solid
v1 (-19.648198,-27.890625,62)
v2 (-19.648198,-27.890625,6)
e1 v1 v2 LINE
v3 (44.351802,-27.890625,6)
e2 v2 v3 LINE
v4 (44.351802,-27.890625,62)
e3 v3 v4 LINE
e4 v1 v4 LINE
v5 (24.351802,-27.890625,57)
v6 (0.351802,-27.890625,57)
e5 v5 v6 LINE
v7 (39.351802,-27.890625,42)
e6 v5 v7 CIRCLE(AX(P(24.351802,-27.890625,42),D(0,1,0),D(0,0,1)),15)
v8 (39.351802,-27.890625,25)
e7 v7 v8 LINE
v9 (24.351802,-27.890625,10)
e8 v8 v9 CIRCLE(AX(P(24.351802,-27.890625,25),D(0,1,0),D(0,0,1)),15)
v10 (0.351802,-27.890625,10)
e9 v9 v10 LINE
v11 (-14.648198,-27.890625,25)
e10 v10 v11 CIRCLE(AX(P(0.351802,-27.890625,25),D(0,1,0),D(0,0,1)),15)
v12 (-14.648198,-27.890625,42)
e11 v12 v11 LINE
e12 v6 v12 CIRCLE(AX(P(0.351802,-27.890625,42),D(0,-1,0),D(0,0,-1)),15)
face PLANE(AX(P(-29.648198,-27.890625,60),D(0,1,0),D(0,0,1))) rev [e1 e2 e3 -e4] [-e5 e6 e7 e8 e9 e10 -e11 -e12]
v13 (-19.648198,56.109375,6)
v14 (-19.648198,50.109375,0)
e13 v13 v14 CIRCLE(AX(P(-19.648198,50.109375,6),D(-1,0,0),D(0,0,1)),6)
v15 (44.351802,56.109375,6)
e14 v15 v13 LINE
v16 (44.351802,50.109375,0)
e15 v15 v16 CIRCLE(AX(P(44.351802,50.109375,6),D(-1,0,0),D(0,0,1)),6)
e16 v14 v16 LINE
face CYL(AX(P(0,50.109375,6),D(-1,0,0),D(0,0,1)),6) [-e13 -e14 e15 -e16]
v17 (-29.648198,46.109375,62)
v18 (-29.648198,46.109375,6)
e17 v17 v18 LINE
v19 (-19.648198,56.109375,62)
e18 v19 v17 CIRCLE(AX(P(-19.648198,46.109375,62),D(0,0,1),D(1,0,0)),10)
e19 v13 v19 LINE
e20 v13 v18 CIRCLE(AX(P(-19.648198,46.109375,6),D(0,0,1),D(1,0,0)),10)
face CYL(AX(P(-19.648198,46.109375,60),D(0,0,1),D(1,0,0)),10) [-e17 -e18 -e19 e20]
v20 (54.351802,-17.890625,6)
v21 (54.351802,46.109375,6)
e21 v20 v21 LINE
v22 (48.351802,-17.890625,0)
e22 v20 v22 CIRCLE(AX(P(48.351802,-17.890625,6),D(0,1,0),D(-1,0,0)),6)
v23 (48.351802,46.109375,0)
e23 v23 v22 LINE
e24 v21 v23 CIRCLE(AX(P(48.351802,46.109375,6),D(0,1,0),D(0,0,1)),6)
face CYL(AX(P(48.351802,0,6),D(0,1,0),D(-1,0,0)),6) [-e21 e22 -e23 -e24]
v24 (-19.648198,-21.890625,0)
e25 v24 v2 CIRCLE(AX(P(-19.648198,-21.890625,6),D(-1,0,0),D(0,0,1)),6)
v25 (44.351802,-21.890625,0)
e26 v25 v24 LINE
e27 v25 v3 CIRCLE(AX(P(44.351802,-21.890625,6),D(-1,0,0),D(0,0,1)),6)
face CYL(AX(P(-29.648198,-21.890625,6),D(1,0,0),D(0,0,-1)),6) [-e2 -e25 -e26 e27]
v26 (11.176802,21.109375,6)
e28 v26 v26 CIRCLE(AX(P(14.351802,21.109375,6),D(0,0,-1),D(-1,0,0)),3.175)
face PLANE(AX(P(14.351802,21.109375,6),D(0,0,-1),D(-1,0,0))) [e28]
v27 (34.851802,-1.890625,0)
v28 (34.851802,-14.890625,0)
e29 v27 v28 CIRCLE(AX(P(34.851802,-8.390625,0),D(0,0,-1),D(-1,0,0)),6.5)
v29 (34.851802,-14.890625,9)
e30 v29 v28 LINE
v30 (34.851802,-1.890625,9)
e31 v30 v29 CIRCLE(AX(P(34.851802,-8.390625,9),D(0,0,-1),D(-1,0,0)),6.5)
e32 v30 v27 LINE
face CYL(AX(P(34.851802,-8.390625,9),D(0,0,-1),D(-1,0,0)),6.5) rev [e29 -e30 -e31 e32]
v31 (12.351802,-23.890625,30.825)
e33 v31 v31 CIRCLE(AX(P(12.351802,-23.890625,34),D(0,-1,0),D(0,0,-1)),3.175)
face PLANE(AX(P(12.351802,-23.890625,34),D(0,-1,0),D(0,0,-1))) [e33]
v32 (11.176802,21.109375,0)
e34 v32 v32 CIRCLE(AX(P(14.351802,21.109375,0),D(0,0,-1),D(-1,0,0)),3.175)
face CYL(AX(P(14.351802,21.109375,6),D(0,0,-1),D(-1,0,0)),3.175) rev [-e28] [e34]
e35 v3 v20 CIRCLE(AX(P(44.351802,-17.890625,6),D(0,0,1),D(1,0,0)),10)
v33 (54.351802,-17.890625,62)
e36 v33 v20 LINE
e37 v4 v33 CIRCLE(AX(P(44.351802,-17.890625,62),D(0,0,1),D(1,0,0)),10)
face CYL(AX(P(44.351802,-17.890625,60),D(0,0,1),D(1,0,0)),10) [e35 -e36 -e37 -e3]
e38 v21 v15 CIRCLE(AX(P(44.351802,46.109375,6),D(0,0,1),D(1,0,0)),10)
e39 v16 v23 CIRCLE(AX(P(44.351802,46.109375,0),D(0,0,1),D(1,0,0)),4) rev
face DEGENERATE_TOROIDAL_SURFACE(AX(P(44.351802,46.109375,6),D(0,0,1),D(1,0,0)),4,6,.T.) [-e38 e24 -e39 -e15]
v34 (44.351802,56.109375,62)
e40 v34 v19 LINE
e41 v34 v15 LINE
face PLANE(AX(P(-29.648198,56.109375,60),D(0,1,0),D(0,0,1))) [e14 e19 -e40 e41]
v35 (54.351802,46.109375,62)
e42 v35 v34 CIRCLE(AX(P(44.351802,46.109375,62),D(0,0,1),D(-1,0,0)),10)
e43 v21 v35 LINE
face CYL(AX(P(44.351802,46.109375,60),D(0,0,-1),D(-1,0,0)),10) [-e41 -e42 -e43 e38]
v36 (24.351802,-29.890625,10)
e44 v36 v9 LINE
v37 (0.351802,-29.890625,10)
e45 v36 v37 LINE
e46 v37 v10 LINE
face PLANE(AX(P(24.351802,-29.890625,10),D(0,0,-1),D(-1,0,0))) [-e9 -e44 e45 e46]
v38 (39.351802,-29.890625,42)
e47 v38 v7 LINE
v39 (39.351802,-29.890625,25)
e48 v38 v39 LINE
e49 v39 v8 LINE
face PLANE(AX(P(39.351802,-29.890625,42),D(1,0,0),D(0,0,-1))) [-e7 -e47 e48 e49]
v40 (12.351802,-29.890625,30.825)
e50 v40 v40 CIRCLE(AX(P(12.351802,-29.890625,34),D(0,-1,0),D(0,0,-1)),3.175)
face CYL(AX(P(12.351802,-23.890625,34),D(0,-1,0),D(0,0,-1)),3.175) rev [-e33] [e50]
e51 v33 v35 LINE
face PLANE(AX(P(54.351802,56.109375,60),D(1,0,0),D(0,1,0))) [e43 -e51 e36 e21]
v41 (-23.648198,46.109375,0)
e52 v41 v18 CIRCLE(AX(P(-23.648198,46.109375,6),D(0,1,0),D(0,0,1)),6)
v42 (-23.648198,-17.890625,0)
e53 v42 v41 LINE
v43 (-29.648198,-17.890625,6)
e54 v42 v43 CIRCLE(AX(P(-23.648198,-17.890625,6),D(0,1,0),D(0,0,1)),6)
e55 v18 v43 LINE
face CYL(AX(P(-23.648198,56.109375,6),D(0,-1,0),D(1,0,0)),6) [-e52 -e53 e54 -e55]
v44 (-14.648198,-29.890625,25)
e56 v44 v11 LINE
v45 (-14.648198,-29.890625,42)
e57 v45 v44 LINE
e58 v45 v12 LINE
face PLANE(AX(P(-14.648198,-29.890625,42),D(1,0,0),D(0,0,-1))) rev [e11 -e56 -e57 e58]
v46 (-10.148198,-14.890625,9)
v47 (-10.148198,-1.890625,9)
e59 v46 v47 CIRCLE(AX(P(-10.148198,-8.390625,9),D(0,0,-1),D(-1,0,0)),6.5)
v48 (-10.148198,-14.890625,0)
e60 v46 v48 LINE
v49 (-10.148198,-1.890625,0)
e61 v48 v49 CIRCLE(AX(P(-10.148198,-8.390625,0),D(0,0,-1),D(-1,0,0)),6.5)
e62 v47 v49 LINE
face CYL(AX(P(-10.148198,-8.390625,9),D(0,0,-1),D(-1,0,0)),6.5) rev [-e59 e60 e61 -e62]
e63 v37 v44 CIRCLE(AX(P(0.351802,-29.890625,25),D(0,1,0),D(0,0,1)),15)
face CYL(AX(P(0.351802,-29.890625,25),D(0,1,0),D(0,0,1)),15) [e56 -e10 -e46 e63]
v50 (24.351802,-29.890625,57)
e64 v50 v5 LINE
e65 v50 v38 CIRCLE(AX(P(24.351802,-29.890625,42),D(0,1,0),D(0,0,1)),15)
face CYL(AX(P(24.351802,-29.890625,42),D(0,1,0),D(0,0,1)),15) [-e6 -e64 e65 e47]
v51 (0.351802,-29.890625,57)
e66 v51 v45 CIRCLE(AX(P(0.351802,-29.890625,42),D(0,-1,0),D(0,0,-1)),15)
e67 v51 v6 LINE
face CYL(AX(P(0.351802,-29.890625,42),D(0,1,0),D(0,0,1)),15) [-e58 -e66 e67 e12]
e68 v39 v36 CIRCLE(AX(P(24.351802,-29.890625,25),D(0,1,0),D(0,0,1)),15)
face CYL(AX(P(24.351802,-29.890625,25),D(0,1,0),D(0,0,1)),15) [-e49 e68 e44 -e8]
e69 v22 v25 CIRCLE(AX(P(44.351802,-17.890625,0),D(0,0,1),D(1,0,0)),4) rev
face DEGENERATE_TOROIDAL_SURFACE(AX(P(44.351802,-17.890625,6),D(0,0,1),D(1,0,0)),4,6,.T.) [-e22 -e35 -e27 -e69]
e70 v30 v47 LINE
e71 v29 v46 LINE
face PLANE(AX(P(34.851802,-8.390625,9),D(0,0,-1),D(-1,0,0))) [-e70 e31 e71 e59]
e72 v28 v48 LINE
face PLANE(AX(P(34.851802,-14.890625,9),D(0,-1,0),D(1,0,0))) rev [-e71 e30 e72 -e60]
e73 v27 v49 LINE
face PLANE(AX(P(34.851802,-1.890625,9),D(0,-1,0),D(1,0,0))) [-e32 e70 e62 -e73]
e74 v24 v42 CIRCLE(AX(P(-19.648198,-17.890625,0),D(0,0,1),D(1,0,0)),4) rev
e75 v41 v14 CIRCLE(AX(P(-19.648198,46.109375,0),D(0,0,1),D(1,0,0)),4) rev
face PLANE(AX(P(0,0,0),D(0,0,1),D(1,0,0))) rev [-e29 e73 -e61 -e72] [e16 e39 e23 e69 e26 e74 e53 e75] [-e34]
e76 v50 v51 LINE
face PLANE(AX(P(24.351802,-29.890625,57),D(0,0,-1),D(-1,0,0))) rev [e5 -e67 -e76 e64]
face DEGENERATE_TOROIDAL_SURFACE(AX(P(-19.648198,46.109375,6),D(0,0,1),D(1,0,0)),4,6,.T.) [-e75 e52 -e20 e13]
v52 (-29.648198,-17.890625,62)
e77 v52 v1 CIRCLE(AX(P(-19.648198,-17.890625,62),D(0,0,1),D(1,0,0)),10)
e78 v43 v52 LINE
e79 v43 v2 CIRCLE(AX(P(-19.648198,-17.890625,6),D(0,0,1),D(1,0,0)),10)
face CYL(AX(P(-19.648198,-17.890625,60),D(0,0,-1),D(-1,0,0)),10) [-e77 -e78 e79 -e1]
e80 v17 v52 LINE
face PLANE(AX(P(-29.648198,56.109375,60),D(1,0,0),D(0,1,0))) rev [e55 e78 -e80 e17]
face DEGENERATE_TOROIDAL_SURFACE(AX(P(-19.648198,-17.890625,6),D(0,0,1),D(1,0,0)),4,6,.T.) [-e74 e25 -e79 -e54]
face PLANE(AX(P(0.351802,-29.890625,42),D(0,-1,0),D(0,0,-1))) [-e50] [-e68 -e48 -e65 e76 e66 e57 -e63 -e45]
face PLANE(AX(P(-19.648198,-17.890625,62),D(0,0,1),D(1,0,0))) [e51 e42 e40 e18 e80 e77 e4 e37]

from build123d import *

# Parameters (mm, degrees)
ESQUISSE1_W             = 84
ESQUISSE1_H             = 84
BOSS_EXTRU_1_DEPTH      = 60
CONG_1_R                = 10
CONG_2_R                = 6
BOSS_EXTRU_2_DEPTH      = 2
ESQUISSE5_R             = 3.175
ENL_V_MAT_EXTRU_1_DEPTH = 6
ENL_V_MAT_EXTRU_2_DEPTH = 9
ESQUISSE7_R             = 3.175
ENL_V_MAT_EXTRU_3_DEPTH = 6
BOSS_EXTRU_3_START      = 2
BOSS_EXTRU_3_DEPTH      = 2


with BuildPart() as part:
    # Esquisse1 → Boss.-Extru.1 (new body)
    with BuildSketch(Plane.XY):
        with Locations((12.35180193, 14.109375)):
            Rectangle(ESQUISSE1_W, ESQUISSE1_H)
    extrude(amount=BOSS_EXTRU_1_DEPTH)

    # Congé1
    cong_1_edges = [part.edges().sort_by_distance(p)[0] for p in [
        (-29.64819807, 56.109375, 30),
        (54.35180193, 56.109375, 30),
        (54.35180193, -27.890625, 30),
        (-29.64819807, -27.890625, 30),
    ]]
    fillet(cong_1_edges, radius=CONG_1_R)

    # Congé2
    cong_2_edges = [part.edges().sort_by_distance(p)[0] for p in [
        (12.35180193, -27.890625, 0),
        (-29.64819807, 14.109375, 0),
        (12.35180193, 56.109375, 0),
        (54.35180193, 14.109375, 0),
        (51.422869741, 53.180442812, 0),
        (-26.719265882, 53.180442812, 0),
        (51.422869741, -24.961692812, 0),
        (-26.719265882, -24.961692812, 0),
    ]]
    fillet(cong_2_edges, radius=CONG_2_R)

    # Esquisse2 → Boss.-Extru.2 (add)
    with BuildSketch(Plane.XZ.offset(27.890625)):
        with BuildLine():
            Line((24.35180193, 57), (0.35180193, 57))
            ThreePointArc((0.35180193, 57), (-10.254799788, 52.606601718), (-14.64819807, 42))
            Line((-14.64819807, 42), (-14.64819807, 25))
            ThreePointArc((-14.64819807, 25), (-10.254799788, 14.393398282), (0.35180193, 10))
            Line((0.35180193, 10), (24.35180193, 10))
            ThreePointArc((24.35180193, 10), (34.958403647, 14.393398282), (39.35180193, 25))
            Line((39.35180193, 25), (39.35180193, 42))
            ThreePointArc((39.35180193, 42), (34.958403647, 52.606601718), (24.35180193, 57))
        make_face()
    extrude(amount=BOSS_EXTRU_2_DEPTH)

    # Esquisse5 → Enlèv. mat.-Extru.1 (cut)
    with BuildSketch(Plane.XZ.offset(29.890625)):
        with Locations(Location((12.35180193, 34, 0), (0, 0, 270))):
            Circle(ESQUISSE5_R)
    extrude(amount=-ENL_V_MAT_EXTRU_1_DEPTH, mode=Mode.SUBTRACT)

    # Esquisse6 → Enlèv. mat.-Extru.2 (cut)
    with BuildSketch(Plane(origin=(0, 0, 0), x_dir=(-1, 0, 0), z_dir=(0, 0, -1))):
        with BuildLine():
            Line((-34.85180193, -1.890625), (10.14819807, -1.890625))
            ThreePointArc((10.14819807, -1.890625), (16.64819807, -8.390625), (10.14819807, -14.890625))
            Line((10.14819807, -14.890625), (-34.85180193, -14.890625))
            ThreePointArc((-34.85180193, -14.890625), (-41.35180193, -8.390625), (-34.85180193, -1.890625))
        make_face()
    extrude(amount=-ENL_V_MAT_EXTRU_2_DEPTH, mode=Mode.SUBTRACT)

    # Esquisse7 → Enlèv. mat.-Extru.3 (cut)
    with BuildSketch(Plane(origin=(0, 0, 0), x_dir=(-1, 0, 0), z_dir=(0, 0, -1))):
        with Locations((-14.35180193, 21.109375)):
            Circle(ESQUISSE7_R)
    extrude(amount=-ENL_V_MAT_EXTRU_3_DEPTH, mode=Mode.SUBTRACT)

    # Esquisse8 → Boss.-Extru.3 (add)
    with BuildSketch(Plane.XY.offset(60).offset(BOSS_EXTRU_3_START)):
        with BuildLine():
            Line((-19.64819807, 56.109375), (44.35180193, 56.109375))
            ThreePointArc((44.35180193, 56.109375), (51.422869741, 53.180442812), (54.35180193, 46.109375))
            Line((54.35180193, 46.109375), (54.35180193, -17.890625))
            ThreePointArc((54.35180193, -17.890625), (51.422869741, -24.961692812), (44.35180193, -27.890625))
            Line((44.35180193, -27.890625), (-19.64819807, -27.890625))
            ThreePointArc((-19.64819807, -27.890625), (-26.719265882, -24.961692812), (-29.64819807, -17.890625))
            Line((-29.64819807, -17.890625), (-29.64819807, 46.109375))
            ThreePointArc((-29.64819807, 46.109375), (-26.719265882, 53.180442812), (-19.64819807, 56.109375))
        make_face()
    extrude(amount=-BOSS_EXTRU_3_DEPTH)


solid = part.part
